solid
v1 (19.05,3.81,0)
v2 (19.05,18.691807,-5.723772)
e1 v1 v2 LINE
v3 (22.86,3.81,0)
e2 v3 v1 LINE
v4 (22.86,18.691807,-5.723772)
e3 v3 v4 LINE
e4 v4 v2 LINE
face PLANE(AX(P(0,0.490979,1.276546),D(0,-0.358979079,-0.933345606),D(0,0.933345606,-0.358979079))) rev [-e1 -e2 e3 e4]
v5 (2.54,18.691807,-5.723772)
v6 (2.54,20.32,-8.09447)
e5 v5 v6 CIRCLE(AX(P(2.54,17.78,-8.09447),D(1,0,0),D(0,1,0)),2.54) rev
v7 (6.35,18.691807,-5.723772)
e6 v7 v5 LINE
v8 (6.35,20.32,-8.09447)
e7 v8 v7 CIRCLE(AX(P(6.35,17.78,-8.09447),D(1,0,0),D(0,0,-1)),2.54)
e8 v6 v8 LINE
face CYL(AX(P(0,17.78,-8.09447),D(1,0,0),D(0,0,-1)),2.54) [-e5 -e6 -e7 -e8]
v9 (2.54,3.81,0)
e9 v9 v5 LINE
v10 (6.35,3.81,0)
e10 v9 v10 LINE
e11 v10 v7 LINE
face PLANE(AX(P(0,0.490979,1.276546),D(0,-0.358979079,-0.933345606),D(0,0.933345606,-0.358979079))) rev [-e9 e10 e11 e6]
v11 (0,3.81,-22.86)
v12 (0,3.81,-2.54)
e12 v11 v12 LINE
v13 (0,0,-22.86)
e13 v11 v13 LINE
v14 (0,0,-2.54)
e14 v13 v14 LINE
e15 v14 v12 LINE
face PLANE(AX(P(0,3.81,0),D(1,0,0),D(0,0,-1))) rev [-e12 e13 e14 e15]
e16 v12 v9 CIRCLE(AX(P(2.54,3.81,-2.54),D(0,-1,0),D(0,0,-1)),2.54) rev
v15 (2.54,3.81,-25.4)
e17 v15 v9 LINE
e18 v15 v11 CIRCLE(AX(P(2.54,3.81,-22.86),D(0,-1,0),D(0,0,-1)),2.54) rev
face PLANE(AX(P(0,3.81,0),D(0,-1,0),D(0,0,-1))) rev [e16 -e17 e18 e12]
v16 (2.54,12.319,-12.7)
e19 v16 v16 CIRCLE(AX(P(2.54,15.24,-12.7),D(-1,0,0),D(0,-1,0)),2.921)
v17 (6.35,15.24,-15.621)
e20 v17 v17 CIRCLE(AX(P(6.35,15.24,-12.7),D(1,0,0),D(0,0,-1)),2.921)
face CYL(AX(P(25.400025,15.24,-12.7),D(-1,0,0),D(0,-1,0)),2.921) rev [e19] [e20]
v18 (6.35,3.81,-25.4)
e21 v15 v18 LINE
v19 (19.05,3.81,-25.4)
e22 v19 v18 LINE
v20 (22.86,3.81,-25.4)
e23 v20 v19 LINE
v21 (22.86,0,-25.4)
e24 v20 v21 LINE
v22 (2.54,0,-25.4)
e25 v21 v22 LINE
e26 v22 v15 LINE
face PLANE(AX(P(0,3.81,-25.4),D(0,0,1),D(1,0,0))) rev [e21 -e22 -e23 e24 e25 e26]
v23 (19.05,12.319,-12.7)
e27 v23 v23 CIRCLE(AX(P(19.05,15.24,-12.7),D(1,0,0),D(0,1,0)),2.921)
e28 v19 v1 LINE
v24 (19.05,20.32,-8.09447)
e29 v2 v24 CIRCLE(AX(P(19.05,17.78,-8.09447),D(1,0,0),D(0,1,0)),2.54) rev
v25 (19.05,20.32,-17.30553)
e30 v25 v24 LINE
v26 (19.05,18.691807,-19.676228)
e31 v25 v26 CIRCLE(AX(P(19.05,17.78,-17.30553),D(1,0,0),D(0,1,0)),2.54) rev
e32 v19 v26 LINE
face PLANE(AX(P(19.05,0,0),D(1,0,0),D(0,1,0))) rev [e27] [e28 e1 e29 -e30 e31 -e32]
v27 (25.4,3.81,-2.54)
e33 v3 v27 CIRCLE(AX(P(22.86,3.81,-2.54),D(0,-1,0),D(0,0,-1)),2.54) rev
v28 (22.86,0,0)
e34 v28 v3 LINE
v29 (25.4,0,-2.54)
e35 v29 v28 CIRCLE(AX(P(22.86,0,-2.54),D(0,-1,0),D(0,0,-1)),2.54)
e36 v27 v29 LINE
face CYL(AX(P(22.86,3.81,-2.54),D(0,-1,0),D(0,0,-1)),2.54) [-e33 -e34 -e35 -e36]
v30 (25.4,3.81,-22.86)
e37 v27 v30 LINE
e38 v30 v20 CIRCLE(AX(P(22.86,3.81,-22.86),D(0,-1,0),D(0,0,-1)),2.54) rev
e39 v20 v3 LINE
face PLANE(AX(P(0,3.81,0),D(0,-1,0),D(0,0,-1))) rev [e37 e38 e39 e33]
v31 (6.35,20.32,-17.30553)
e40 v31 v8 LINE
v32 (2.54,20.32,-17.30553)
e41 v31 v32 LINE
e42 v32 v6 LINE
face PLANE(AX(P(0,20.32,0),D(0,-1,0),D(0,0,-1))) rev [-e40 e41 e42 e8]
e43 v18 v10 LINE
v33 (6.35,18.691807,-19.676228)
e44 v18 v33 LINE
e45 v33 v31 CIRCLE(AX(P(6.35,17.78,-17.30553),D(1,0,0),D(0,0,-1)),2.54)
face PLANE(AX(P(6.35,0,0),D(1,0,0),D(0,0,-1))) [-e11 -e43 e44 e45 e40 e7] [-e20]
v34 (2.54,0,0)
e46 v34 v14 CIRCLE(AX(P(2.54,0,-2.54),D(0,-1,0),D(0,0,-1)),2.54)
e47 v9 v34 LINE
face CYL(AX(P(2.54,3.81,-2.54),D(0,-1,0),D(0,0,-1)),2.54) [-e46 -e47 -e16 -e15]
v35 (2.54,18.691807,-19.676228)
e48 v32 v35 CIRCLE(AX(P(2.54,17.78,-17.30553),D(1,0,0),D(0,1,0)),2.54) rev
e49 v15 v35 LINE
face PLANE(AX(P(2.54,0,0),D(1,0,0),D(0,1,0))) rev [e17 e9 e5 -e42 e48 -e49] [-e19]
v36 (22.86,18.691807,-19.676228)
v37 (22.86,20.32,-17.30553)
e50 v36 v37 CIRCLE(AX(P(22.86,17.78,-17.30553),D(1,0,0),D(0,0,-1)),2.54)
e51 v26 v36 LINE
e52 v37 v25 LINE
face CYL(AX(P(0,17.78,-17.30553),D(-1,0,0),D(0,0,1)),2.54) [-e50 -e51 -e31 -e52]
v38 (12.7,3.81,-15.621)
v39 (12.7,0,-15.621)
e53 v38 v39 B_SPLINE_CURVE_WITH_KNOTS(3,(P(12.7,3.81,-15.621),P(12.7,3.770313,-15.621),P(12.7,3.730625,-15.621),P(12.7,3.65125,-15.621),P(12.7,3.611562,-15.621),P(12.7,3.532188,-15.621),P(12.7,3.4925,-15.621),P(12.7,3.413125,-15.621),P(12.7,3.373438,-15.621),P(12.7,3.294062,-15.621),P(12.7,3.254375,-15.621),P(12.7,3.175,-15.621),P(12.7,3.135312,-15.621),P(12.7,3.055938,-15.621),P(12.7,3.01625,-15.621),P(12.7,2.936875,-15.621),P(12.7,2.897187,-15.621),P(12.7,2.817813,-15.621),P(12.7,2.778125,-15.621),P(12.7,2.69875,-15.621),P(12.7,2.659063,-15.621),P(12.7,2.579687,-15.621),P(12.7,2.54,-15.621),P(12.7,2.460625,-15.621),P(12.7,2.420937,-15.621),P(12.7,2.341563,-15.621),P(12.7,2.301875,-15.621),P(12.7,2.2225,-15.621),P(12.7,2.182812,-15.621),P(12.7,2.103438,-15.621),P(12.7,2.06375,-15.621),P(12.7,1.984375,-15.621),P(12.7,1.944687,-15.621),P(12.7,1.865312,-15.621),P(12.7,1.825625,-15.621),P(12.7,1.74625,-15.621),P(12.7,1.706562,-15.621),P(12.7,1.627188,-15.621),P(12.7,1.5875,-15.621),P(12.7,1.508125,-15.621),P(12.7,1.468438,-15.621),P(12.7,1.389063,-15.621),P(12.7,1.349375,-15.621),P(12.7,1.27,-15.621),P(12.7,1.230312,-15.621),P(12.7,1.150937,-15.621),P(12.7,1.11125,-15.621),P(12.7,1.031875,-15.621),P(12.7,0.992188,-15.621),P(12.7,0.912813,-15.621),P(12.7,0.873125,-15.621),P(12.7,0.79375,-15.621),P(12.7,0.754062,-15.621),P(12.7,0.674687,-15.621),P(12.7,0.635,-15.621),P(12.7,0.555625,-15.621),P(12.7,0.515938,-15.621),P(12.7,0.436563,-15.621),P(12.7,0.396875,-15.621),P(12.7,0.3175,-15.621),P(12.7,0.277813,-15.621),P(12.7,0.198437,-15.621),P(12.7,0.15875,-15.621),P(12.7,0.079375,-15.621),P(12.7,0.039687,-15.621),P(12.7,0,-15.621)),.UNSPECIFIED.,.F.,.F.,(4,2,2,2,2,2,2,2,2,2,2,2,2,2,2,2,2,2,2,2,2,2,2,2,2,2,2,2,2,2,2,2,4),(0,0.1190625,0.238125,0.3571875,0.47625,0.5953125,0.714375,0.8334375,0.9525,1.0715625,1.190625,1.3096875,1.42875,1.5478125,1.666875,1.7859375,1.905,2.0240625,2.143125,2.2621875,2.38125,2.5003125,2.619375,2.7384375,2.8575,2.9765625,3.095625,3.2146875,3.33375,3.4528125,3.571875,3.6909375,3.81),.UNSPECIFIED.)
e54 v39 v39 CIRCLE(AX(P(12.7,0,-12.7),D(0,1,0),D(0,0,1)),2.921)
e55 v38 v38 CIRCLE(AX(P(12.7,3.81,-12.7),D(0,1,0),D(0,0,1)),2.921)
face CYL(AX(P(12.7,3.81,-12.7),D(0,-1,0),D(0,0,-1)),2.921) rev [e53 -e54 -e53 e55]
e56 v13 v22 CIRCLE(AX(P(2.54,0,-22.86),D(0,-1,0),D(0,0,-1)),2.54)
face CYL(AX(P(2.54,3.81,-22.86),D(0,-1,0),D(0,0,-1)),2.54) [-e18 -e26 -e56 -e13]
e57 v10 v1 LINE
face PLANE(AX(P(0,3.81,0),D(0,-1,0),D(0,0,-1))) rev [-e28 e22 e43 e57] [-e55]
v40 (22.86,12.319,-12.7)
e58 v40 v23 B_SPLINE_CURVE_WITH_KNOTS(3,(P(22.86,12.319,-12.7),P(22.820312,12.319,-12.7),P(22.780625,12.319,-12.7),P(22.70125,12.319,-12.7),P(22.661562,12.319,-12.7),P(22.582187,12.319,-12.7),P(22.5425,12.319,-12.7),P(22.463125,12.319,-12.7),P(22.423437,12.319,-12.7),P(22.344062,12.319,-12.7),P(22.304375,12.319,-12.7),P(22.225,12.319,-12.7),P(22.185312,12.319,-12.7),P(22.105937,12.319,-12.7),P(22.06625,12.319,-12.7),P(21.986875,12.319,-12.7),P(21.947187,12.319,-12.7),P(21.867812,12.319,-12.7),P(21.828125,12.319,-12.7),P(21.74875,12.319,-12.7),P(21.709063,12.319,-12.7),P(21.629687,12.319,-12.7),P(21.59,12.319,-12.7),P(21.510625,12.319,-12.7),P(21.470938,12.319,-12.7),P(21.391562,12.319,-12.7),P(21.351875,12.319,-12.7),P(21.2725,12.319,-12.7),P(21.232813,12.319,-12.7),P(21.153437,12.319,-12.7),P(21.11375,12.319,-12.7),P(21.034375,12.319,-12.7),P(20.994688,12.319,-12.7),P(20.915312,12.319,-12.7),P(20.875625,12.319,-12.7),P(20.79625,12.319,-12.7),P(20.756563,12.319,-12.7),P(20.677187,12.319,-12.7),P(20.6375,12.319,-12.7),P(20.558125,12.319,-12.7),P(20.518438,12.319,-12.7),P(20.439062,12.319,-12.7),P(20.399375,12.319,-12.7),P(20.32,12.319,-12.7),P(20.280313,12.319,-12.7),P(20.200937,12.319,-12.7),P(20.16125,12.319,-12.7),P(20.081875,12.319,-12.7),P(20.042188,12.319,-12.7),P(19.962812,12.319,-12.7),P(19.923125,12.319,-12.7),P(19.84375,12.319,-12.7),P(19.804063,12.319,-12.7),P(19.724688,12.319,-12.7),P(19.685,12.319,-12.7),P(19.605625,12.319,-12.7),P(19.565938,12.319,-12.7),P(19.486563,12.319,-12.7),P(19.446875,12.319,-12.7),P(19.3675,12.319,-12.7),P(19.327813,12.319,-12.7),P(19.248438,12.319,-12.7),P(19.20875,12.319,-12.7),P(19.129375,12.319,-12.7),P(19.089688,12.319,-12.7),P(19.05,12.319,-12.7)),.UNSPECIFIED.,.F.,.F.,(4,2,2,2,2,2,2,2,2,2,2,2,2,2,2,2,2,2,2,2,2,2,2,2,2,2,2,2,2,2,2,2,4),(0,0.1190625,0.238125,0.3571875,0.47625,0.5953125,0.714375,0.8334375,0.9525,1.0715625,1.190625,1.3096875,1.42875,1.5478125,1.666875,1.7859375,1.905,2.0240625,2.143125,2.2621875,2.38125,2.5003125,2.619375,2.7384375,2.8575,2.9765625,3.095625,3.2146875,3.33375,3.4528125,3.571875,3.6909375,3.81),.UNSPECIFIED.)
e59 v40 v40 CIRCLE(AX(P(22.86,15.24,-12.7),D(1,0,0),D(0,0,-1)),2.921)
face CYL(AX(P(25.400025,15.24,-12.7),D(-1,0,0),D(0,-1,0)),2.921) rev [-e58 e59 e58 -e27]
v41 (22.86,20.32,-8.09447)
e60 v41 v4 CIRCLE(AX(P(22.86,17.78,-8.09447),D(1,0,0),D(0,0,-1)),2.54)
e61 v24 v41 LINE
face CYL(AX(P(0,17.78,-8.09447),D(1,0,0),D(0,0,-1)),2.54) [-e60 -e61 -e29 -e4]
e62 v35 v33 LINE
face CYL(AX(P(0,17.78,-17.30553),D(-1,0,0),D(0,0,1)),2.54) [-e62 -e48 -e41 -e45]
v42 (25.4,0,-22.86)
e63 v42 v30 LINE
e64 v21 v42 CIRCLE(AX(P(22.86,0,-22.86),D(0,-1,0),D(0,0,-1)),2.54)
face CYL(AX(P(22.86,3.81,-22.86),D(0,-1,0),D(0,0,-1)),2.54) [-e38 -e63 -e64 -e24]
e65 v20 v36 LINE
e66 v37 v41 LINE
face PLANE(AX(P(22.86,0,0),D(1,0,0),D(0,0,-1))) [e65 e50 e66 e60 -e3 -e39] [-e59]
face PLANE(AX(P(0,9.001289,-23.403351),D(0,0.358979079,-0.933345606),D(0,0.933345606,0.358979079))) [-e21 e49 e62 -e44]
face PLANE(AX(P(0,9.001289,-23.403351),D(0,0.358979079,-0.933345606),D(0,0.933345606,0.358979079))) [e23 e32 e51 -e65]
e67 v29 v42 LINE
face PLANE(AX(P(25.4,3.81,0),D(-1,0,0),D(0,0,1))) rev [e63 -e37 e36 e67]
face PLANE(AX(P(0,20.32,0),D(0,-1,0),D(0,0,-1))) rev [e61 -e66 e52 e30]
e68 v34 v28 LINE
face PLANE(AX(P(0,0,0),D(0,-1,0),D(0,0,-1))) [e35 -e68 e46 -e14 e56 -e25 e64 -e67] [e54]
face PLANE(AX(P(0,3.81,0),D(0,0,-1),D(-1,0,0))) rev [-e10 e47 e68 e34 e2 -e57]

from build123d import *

# Parameters (mm, degrees)
SKETCH1_W           = 25.4
SKETCH1_H           = 25.4
SKETCH1_R           = 2.921
BOSS_EXTRUDE1_DEPTH = 3.81
FILLET1_R           = 2.54
SKETCH4_R           = 2.921
CUT_EXTRUDE1_DEPTH  = 40.757288755
FILLET2_R           = 2.54


with BuildPart() as part:
    # Sketch1 → Boss-Extrude1 (new body)
    with BuildSketch(Plane(origin=(0, 0, 0), x_dir=(1, 0, 0), z_dir=(0, 1, 0))):
        with Locations((12.7, 12.7)):
            Rectangle(SKETCH1_W, SKETCH1_H)
        with Locations(Location((12.7, 12.7, 0), (0, 0, 90))):
            Circle(SKETCH1_R, mode=Mode.SUBTRACT)
    extrude(amount=BOSS_EXTRUDE1_DEPTH)

    # Fillet1
    fillet1_edges = [part.edges().sort_by_distance(p)[0] for p in [
        (0, 1.905, -25.4),
        (25.4, 1.905, -25.4),
        (25.4, 1.905, 0),
        (0, 1.905, 0),
    ]]
    fillet(fillet1_edges, radius=FILLET1_R)

    # Sketch2 → Loft2 section 0
    with BuildSketch(Plane(origin=(0, 3.81, 0), x_dir=(1, 0, 0), z_dir=(0, 1, 0))):
        with BuildLine():
            Line((2.54, 25.4), (6.35, 25.4))
            Line((6.35, 25.4), (6.35, 0))
            Line((6.35, 0), (2.54, 0))
            Line((2.54, 0), (2.54, 25.4))
        make_face()
    # Sketch3 → Loft2 section 1
    with BuildSketch(Plane(origin=(0, 20.32, 0), x_dir=(1, 0, 0), z_dir=(0, 1, 0))):
        with BuildLine():
            Line((2.54, 19.05), (6.35, 19.05))
            Line((6.35, 19.05), (6.35, 6.35))
            Line((6.35, 6.35), (2.54, 6.35))
            Line((2.54, 6.35), (2.54, 19.05))
        make_face()
    loft()

    # Sketch2<3> → Loft3 section 0
    with BuildSketch(Plane(origin=(0, 3.81, 0), x_dir=(1, 0, 0), z_dir=(0, 1, 0))):
        with BuildLine():
            Line((22.86, 25.4), (19.05, 25.4))
            Line((19.05, 25.4), (19.05, 0))
            Line((19.05, 0), (22.86, 0))
            Line((22.86, 0), (22.86, 25.4))
        make_face()
    # Sketch3<3> → Loft3 section 1
    with BuildSketch(Plane(origin=(0, 20.32, 0), x_dir=(1, 0, 0), z_dir=(0, 1, 0))):
        with BuildLine():
            Line((19.05, 19.05), (22.86, 19.05))
            Line((22.86, 19.05), (22.86, 6.35))
            Line((22.86, 6.35), (19.05, 6.35))
            Line((19.05, 6.35), (19.05, 19.05))
        make_face()
    loft()

    # Sketch4 → Cut-Extrude1 (cut, through all)
    with BuildSketch(Plane.ZY.offset(-2.54)):
        with Locations(Location((-12.7, 15.24, 0), (0, 0, 270))):
            Circle(SKETCH4_R)
    extrude(amount=-CUT_EXTRUDE1_DEPTH, mode=Mode.SUBTRACT)

    # Fillet2
    fillet2_edges = [part.edges().sort_by_distance(p)[0] for p in [
        (20.955, 20.32, -6.35),
        (20.955, 20.32, -19.05),
        (4.445, 20.32, -19.05),
        (4.445, 20.32, -6.35),
    ]]
    fillet(fillet2_edges, radius=FILLET2_R)


solid = part.part
